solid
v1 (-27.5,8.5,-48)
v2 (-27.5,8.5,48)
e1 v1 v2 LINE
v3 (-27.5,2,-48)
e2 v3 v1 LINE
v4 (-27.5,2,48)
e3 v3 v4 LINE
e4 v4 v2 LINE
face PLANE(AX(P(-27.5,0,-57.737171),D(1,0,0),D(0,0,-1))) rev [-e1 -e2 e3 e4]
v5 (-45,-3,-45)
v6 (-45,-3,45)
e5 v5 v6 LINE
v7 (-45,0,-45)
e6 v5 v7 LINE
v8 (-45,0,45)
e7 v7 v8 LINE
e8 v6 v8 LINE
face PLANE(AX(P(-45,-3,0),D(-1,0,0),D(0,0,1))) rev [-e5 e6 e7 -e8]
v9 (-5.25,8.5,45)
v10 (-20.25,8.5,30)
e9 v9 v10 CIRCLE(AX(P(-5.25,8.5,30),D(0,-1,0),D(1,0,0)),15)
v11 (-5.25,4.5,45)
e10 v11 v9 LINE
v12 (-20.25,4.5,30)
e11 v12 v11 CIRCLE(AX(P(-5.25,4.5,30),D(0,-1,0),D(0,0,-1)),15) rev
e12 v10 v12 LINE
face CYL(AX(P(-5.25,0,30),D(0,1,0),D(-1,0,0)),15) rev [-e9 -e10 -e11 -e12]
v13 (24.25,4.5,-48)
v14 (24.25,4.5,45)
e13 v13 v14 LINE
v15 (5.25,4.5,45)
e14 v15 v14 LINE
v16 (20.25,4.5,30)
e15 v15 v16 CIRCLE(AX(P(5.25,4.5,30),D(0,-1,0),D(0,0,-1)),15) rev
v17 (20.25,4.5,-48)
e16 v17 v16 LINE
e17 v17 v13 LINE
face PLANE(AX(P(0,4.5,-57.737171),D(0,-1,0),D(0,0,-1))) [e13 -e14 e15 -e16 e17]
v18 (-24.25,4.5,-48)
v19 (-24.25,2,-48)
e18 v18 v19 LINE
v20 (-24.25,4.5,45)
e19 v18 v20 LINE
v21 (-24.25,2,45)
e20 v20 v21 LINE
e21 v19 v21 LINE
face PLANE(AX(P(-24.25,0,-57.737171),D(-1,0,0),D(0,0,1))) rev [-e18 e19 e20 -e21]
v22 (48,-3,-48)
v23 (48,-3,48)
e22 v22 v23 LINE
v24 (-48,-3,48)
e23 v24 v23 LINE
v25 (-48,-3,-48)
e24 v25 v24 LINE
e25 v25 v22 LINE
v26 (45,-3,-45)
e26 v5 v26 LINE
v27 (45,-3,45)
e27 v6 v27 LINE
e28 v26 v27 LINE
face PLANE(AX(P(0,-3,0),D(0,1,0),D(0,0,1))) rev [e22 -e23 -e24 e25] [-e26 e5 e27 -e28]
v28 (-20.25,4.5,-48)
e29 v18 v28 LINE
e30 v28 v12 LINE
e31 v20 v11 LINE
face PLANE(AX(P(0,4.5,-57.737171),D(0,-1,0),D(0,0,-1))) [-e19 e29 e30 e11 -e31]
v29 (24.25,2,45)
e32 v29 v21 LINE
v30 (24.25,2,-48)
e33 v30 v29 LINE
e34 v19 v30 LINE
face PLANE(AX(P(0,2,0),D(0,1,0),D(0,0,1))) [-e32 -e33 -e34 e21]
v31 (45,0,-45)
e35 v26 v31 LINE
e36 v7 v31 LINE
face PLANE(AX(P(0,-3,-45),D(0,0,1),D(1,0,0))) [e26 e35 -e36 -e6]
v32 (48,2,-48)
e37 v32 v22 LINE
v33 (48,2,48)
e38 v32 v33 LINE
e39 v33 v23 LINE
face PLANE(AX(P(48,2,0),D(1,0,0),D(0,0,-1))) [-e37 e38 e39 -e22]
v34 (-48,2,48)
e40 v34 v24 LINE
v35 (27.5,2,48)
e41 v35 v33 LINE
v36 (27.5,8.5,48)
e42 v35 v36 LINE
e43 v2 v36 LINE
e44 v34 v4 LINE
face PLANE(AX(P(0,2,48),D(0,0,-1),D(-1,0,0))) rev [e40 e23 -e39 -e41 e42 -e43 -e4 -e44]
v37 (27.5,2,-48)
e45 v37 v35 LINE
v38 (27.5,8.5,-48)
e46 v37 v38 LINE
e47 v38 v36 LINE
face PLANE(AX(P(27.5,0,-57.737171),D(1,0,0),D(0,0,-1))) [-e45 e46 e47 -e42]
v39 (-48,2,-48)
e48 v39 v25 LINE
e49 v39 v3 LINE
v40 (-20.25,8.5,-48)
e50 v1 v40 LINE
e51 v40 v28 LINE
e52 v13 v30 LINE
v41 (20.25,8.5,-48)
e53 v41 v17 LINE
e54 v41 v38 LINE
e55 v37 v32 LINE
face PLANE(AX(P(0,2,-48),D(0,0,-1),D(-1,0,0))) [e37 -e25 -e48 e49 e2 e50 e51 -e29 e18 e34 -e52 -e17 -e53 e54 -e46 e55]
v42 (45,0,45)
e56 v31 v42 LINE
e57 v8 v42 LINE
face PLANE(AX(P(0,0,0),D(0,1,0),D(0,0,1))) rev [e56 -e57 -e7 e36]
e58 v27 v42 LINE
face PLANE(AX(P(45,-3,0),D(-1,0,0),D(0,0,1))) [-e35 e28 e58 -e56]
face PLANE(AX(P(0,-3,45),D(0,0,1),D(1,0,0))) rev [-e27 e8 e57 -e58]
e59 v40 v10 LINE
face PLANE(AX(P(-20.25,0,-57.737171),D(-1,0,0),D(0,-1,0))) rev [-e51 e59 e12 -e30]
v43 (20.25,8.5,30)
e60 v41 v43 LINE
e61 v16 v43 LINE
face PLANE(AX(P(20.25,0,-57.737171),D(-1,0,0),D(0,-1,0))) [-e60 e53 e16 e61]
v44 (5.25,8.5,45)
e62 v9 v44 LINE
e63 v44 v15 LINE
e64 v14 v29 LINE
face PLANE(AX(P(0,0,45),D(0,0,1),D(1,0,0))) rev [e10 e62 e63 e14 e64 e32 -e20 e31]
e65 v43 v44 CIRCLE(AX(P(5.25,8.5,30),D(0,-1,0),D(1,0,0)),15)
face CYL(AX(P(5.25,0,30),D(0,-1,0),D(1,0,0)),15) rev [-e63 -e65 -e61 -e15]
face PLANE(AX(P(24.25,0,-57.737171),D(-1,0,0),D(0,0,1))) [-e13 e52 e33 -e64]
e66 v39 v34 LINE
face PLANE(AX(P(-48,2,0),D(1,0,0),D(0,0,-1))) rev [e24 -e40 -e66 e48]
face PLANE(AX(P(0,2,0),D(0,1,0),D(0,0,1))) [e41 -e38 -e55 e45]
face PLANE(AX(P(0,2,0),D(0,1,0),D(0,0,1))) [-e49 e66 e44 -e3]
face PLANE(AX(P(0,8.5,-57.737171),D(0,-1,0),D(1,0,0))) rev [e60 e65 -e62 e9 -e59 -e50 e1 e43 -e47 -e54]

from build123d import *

# Parameters (mm, degrees)
SKETCH1_W           = 96
SKETCH1_H           = 96
SKETCH1_W_2         = 90
SKETCH1_H_2         = 90
BOSS_EXTRUDE1_DEPTH = 2
SKETCH1_3_W         = 96
SKETCH1_3_H         = 96
SKETCH1_3_W_2       = 90
SKETCH1_3_H_2       = 90
BOSS_EXTRUDE2_DEPTH = 3
BOSS_EXTRUDE3_DEPTH = 96
SKETCH3_3_W         = 40.5
SKETCH3_3_H         = 4
BOSS_EXTRUDE4_DEPTH = 3
FILLET1_R           = 15


with BuildPart() as part:
    # Sketch1 → Boss-Extrude1 (new body)
    # profile 1 of 2: a face of its own
    with BuildSketch(Plane(origin=(0, 0, 0), x_dir=(1, 0, 0), z_dir=(0, 1, 0))):
        Rectangle(SKETCH1_W, SKETCH1_H)
        Rectangle(SKETCH1_W_2, SKETCH1_H_2, mode=Mode.SUBTRACT)
    # profile 2 of 2: a face of its own
    with BuildSketch(Plane(origin=(0, 0, 0), x_dir=(1, 0, 0), z_dir=(0, 1, 0))):
        Rectangle(SKETCH1_W_2, SKETCH1_H_2)
    extrude(amount=BOSS_EXTRUDE1_DEPTH)

    # Sketch1<3> → Boss-Extrude2 (add)
    with BuildSketch(Plane(origin=(0, 0, 0), x_dir=(1, 0, 0), z_dir=(0, 1, 0))):
        Rectangle(SKETCH1_3_W, SKETCH1_3_H)
        Rectangle(SKETCH1_3_W_2, SKETCH1_3_H_2, mode=Mode.SUBTRACT)
    extrude(amount=-BOSS_EXTRUDE2_DEPTH)

    # Sketch3 → Boss-Extrude3 (add)
    with BuildSketch(Plane.XY.offset(48)):
        Polygon((-27.5, 8.5), (-27.5, 2), (-24.25, 2), (-24.25, 4.5), (-20.25, 4.5), (-20.25, 8.5), align=None)
        Polygon((24.25, 4.5), (24.25, 2), (27.5, 2), (27.5, 8.5), (20.25, 8.5), (20.25, 4.5), align=None)
    extrude(amount=-BOSS_EXTRUDE3_DEPTH)

    # Sketch3<3> → Boss-Extrude4 (add)
    with BuildSketch(Plane.XY.offset(48)):
        Polygon((-24.25, 4.5), (-24.25, 2), (24.25, 2), (24.25, 4.5), (20.25, 4.5), (-20.25, 4.5), align=None)
        with Locations((0, 6.5)):
            Rectangle(SKETCH3_3_W, SKETCH3_3_H)
    extrude(amount=-BOSS_EXTRUDE4_DEPTH)

    # Fillet1
    fillet1_edges = [part.edges().sort_by_distance(p)[0] for p in [
        (-20.25, 6.5, 45),
        (20.25, 6.5, 45),
    ]]
    fillet(fillet1_edges, radius=FILLET1_R)


solid = part.part
